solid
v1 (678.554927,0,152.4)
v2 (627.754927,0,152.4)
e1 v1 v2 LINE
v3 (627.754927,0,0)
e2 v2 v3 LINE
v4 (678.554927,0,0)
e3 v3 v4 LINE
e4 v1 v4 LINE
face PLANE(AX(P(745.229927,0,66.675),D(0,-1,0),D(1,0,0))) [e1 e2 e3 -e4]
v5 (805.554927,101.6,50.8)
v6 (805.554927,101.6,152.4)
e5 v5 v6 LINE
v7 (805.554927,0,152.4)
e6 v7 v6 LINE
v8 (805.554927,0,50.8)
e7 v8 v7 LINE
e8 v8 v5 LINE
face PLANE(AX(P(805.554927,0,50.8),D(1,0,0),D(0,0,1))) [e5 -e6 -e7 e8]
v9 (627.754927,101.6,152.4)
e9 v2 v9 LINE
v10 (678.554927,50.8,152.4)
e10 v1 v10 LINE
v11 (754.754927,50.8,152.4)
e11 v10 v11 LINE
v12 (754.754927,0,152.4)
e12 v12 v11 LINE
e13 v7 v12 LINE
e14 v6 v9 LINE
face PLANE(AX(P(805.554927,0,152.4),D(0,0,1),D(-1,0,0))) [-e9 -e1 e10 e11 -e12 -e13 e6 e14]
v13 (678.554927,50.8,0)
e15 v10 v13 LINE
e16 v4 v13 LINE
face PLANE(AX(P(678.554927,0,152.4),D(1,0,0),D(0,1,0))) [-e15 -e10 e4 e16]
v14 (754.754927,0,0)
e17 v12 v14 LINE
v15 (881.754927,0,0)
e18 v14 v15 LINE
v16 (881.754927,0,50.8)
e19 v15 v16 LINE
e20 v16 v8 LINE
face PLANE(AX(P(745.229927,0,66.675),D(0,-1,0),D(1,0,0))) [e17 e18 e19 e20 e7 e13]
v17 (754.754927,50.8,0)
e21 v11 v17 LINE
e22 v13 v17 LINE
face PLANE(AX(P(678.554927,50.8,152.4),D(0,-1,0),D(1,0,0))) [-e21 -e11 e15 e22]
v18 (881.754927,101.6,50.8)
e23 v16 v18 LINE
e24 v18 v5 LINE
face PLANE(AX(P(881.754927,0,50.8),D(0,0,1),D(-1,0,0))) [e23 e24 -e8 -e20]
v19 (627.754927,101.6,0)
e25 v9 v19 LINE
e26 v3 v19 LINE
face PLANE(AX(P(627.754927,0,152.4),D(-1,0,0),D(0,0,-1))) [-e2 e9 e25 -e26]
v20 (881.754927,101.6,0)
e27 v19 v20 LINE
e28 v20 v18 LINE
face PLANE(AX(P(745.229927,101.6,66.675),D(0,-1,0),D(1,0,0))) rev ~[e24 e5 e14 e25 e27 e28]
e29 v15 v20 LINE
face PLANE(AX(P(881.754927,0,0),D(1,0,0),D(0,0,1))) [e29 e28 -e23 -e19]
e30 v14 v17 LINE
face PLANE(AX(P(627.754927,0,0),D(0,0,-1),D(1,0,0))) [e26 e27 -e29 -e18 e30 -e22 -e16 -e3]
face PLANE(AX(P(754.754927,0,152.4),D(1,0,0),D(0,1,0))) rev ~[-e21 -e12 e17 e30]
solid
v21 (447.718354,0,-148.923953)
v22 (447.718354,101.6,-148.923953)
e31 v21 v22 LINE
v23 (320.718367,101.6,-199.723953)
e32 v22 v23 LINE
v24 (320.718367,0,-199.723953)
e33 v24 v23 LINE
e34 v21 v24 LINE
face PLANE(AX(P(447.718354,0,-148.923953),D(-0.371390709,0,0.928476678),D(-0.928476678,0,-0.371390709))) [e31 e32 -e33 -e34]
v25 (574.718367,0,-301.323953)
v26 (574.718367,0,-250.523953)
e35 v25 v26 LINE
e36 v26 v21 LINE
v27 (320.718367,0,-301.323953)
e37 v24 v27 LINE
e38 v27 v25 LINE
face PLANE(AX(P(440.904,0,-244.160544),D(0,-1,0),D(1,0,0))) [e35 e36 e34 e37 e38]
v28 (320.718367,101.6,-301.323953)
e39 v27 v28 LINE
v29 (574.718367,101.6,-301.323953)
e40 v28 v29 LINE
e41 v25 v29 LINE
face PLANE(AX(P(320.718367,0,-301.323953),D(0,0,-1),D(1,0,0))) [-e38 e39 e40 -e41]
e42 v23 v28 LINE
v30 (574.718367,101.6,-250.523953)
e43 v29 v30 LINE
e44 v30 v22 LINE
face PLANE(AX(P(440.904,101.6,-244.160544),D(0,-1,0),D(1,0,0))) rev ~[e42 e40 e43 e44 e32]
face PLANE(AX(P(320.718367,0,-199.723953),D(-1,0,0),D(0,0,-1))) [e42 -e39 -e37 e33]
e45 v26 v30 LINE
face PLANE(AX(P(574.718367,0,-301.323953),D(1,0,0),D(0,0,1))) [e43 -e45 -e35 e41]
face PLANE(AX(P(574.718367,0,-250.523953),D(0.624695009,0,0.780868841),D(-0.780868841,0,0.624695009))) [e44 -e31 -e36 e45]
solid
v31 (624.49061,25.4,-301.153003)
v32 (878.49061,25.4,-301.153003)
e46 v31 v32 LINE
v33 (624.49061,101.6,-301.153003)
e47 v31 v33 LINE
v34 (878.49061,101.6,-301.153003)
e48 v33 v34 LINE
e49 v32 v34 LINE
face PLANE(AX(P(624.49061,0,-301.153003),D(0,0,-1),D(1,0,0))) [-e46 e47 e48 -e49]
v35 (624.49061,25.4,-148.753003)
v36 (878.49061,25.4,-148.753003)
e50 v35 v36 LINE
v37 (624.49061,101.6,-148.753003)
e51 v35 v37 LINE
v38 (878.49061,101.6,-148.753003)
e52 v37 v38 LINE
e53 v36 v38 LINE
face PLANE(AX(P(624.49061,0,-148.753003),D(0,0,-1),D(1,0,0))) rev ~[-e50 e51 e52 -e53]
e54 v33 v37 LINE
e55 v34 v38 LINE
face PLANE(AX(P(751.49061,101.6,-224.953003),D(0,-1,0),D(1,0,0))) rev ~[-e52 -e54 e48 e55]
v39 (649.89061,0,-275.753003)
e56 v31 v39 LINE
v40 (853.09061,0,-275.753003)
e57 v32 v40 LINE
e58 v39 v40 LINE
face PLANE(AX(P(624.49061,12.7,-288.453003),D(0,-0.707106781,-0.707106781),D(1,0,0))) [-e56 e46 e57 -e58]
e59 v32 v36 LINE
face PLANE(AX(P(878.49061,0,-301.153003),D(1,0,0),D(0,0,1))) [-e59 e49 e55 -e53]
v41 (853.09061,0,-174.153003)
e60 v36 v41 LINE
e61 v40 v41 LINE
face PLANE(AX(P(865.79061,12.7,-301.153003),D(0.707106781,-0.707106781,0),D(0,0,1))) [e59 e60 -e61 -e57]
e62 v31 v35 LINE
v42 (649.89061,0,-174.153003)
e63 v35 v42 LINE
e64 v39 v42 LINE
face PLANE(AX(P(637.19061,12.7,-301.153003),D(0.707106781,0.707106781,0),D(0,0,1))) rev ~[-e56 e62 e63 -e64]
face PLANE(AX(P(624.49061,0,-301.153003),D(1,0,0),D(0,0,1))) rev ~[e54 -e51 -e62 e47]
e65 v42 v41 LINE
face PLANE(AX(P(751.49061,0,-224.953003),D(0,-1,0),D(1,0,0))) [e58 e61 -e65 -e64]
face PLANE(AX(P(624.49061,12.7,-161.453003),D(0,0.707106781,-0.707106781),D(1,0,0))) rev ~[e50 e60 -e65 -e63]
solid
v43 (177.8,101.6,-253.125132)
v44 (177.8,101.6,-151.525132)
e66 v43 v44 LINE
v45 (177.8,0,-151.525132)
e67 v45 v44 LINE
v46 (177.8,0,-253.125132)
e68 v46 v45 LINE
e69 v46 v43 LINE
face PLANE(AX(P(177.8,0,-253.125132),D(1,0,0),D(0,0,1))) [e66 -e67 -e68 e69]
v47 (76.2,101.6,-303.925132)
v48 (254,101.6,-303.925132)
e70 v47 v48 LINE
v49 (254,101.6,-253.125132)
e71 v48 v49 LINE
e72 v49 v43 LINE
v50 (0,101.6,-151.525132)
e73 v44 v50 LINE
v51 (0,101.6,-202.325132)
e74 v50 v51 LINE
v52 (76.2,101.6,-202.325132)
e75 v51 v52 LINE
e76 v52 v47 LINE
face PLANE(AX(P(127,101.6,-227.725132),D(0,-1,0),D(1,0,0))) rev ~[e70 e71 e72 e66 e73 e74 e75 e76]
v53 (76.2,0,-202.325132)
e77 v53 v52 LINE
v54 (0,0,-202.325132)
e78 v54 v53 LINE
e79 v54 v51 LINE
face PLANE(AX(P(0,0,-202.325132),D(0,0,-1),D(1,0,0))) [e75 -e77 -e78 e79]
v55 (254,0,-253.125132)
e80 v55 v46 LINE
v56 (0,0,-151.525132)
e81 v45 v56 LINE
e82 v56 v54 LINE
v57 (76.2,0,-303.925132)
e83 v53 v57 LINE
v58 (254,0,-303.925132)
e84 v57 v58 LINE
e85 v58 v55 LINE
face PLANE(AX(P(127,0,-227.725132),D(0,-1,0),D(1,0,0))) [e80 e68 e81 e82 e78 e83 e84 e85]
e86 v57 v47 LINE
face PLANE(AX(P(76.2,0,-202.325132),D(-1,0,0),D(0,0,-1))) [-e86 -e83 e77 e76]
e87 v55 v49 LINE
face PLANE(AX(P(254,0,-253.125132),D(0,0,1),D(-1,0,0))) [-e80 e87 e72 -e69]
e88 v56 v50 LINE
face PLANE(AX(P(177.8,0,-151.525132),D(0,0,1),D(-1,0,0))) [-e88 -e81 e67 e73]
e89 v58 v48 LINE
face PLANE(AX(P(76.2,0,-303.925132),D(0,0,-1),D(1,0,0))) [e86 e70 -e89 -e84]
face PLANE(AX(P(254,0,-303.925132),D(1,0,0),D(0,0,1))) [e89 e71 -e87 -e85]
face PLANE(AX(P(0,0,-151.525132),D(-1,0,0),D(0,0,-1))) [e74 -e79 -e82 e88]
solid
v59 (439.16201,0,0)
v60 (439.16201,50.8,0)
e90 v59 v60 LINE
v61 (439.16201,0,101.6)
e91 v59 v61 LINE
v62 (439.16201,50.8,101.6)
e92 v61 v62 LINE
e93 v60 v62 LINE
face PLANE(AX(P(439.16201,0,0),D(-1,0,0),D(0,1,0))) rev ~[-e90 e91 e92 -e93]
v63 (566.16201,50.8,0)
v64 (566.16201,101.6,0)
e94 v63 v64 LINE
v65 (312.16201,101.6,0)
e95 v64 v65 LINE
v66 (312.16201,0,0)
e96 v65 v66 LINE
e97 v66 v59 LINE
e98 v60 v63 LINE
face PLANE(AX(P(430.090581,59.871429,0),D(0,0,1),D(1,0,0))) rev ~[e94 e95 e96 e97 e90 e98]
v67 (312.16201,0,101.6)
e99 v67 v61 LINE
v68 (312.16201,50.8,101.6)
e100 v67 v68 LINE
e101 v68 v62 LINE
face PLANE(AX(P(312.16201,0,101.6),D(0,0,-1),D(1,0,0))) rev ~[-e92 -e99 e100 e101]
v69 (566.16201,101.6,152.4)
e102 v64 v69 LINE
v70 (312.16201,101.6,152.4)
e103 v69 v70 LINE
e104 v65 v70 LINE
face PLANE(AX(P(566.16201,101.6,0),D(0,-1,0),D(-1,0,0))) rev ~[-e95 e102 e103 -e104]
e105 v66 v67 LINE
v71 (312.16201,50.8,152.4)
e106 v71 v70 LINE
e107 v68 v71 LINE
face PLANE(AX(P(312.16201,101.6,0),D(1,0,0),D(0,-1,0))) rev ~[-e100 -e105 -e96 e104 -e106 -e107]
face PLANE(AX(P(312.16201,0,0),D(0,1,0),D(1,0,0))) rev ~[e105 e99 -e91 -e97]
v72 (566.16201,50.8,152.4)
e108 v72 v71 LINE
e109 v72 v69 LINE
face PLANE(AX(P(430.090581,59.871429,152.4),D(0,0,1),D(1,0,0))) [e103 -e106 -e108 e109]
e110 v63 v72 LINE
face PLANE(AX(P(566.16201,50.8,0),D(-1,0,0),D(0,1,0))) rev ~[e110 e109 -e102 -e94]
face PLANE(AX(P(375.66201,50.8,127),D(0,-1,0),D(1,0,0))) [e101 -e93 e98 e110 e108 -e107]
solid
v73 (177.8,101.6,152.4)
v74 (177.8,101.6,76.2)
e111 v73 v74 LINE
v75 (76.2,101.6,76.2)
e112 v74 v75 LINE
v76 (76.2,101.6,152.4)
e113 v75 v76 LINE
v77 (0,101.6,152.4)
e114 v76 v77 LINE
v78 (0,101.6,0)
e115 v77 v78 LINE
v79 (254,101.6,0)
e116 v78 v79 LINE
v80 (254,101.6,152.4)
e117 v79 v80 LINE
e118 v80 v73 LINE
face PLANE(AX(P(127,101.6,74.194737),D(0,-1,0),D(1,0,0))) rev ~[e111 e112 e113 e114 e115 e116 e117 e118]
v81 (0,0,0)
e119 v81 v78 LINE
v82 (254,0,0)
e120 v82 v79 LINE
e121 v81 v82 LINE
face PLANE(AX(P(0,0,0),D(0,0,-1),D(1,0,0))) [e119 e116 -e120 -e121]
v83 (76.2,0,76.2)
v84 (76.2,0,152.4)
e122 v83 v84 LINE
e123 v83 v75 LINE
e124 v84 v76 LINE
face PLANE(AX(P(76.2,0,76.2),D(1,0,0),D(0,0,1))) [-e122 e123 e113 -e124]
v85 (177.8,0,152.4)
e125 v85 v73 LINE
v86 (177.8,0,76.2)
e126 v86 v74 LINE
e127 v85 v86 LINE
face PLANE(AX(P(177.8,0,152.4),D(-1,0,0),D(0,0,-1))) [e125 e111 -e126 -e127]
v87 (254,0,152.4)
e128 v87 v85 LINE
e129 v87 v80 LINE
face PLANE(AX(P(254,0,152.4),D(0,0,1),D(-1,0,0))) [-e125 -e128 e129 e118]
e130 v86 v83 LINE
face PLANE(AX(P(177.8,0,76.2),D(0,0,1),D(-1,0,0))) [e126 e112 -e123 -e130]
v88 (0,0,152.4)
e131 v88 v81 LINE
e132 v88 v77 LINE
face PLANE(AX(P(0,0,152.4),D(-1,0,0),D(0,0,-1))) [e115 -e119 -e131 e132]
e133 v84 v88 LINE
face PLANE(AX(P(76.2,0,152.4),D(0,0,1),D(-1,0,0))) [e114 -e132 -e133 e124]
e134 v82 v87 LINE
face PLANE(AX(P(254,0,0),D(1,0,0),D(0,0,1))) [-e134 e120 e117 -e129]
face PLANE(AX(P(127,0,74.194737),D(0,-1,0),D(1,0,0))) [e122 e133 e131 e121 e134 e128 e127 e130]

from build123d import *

# Parameters (mm, degrees)
F1_DEPTH  = 101.6
F3_DEPTH  = 152.4
F4_W      = 127
F4_H      = 50.8
F5_DEPTH  = 50.8
F6_W      = 127
F6_H      = 50.8
F7_DEPTH  = 50.8
F9_DEPTH  = 101.6
F10_W     = 76.2
F10_H     = 50.8
F11_DEPTH = 152.4
F13_DEPTH = 101.6
F15_DEPTH = 101.6
F16_W     = 254
F16_H     = 152.4
F17_DEPTH = 101.6
F18_SIZE  = 25.4


with BuildPart() as f1:
    # F0 (on Front) → F1 (new body)
    with BuildSketch(Plane.XZ):
        Polygon((0, 152.4), (0, 0), (254, 0), (254, 152.4), (177.8, 152.4), (177.8, 76.2), (76.2, 76.2), (76.2, 152.4), align=None)
    extrude(amount=-F1_DEPTH)


with BuildPart() as f3:
    # F2 (on Top) → F3 (new body)
    with BuildSketch(Plane.XY):
        Polygon((312.16201, 101.6), (312.16201, 0), (439.16201, 0), (439.16201, 50.8), (566.16201, 50.8), (566.16201, 101.6), align=None)
    extrude(amount=F3_DEPTH)

    # F4 (on face) → F5 (join)
    with BuildSketch(Plane.XZ):
        with Locations((375.66201, 127)):
            Rectangle(F4_W, F4_H)
    extrude(amount=-F5_DEPTH)

    # F6 (on face) → F7 (cut)
    with BuildSketch(Plane.XZ):
        with Locations((375.66201, 127)):
            Rectangle(F6_W, F6_H)
    extrude(amount=-F7_DEPTH, mode=Mode.SUBTRACT)


with BuildPart() as f9:
    # F8 (on face) → F9 (new body)
    with BuildSketch(Plane.XZ):
        Polygon((627.754927, 152.4), (627.754927, 0), (881.754927, 0), (881.754927, 50.8), (805.554927, 50.8), (805.554927, 152.4), align=None)
    extrude(amount=-F9_DEPTH)

    # F10 (on face) → F11 (cut)
    with BuildSketch(Plane.XY.offset(152.4)):
        with Locations((716.654927, 25.4)):
            Rectangle(F10_W, F10_H)
    extrude(amount=-F11_DEPTH, mode=Mode.SUBTRACT)


with BuildPart() as f13:
    # F12 (on Front) → F13 (new body)
    with BuildSketch(Plane.XZ):
        Polygon((177.8, -151.525132), (0, -151.525132), (0, -202.325132), (76.2, -202.325132), (76.2, -303.925132), (254, -303.925132), (254, -253.125132), (177.8, -253.125132), align=None)
    extrude(amount=-F13_DEPTH)


with BuildPart() as f15:
    # F14 (on Front) → F15 (new body)
    with BuildSketch(Plane.XZ):
        Polygon((320.718367, -199.723953), (320.718367, -301.323953), (574.718367, -301.323953), (574.718367, -250.523953), (447.718354, -148.923953), align=None)
    extrude(amount=-F15_DEPTH)


with BuildPart() as f17:
    # F16 (on Front) → F17 (new body)
    with BuildSketch(Plane.XZ):
        with Locations((751.49061, -224.953003)):
            Rectangle(F16_W, F16_H)
    extrude(amount=-F17_DEPTH)

    # F18
    f18_edges = [f17.edges().sort_by_distance(p)[0] for p in [
        (624.49061, 0, -224.953003),
        (751.49061, 0, -301.153003),
        (878.49061, 0, -224.953003),
        (751.49061, 0, -148.753003),
    ]]
    chamfer(f18_edges, length=F18_SIZE)


solid = Compound([f1.part, f3.part, f9.part, f13.part, f15.part, f17.part])
